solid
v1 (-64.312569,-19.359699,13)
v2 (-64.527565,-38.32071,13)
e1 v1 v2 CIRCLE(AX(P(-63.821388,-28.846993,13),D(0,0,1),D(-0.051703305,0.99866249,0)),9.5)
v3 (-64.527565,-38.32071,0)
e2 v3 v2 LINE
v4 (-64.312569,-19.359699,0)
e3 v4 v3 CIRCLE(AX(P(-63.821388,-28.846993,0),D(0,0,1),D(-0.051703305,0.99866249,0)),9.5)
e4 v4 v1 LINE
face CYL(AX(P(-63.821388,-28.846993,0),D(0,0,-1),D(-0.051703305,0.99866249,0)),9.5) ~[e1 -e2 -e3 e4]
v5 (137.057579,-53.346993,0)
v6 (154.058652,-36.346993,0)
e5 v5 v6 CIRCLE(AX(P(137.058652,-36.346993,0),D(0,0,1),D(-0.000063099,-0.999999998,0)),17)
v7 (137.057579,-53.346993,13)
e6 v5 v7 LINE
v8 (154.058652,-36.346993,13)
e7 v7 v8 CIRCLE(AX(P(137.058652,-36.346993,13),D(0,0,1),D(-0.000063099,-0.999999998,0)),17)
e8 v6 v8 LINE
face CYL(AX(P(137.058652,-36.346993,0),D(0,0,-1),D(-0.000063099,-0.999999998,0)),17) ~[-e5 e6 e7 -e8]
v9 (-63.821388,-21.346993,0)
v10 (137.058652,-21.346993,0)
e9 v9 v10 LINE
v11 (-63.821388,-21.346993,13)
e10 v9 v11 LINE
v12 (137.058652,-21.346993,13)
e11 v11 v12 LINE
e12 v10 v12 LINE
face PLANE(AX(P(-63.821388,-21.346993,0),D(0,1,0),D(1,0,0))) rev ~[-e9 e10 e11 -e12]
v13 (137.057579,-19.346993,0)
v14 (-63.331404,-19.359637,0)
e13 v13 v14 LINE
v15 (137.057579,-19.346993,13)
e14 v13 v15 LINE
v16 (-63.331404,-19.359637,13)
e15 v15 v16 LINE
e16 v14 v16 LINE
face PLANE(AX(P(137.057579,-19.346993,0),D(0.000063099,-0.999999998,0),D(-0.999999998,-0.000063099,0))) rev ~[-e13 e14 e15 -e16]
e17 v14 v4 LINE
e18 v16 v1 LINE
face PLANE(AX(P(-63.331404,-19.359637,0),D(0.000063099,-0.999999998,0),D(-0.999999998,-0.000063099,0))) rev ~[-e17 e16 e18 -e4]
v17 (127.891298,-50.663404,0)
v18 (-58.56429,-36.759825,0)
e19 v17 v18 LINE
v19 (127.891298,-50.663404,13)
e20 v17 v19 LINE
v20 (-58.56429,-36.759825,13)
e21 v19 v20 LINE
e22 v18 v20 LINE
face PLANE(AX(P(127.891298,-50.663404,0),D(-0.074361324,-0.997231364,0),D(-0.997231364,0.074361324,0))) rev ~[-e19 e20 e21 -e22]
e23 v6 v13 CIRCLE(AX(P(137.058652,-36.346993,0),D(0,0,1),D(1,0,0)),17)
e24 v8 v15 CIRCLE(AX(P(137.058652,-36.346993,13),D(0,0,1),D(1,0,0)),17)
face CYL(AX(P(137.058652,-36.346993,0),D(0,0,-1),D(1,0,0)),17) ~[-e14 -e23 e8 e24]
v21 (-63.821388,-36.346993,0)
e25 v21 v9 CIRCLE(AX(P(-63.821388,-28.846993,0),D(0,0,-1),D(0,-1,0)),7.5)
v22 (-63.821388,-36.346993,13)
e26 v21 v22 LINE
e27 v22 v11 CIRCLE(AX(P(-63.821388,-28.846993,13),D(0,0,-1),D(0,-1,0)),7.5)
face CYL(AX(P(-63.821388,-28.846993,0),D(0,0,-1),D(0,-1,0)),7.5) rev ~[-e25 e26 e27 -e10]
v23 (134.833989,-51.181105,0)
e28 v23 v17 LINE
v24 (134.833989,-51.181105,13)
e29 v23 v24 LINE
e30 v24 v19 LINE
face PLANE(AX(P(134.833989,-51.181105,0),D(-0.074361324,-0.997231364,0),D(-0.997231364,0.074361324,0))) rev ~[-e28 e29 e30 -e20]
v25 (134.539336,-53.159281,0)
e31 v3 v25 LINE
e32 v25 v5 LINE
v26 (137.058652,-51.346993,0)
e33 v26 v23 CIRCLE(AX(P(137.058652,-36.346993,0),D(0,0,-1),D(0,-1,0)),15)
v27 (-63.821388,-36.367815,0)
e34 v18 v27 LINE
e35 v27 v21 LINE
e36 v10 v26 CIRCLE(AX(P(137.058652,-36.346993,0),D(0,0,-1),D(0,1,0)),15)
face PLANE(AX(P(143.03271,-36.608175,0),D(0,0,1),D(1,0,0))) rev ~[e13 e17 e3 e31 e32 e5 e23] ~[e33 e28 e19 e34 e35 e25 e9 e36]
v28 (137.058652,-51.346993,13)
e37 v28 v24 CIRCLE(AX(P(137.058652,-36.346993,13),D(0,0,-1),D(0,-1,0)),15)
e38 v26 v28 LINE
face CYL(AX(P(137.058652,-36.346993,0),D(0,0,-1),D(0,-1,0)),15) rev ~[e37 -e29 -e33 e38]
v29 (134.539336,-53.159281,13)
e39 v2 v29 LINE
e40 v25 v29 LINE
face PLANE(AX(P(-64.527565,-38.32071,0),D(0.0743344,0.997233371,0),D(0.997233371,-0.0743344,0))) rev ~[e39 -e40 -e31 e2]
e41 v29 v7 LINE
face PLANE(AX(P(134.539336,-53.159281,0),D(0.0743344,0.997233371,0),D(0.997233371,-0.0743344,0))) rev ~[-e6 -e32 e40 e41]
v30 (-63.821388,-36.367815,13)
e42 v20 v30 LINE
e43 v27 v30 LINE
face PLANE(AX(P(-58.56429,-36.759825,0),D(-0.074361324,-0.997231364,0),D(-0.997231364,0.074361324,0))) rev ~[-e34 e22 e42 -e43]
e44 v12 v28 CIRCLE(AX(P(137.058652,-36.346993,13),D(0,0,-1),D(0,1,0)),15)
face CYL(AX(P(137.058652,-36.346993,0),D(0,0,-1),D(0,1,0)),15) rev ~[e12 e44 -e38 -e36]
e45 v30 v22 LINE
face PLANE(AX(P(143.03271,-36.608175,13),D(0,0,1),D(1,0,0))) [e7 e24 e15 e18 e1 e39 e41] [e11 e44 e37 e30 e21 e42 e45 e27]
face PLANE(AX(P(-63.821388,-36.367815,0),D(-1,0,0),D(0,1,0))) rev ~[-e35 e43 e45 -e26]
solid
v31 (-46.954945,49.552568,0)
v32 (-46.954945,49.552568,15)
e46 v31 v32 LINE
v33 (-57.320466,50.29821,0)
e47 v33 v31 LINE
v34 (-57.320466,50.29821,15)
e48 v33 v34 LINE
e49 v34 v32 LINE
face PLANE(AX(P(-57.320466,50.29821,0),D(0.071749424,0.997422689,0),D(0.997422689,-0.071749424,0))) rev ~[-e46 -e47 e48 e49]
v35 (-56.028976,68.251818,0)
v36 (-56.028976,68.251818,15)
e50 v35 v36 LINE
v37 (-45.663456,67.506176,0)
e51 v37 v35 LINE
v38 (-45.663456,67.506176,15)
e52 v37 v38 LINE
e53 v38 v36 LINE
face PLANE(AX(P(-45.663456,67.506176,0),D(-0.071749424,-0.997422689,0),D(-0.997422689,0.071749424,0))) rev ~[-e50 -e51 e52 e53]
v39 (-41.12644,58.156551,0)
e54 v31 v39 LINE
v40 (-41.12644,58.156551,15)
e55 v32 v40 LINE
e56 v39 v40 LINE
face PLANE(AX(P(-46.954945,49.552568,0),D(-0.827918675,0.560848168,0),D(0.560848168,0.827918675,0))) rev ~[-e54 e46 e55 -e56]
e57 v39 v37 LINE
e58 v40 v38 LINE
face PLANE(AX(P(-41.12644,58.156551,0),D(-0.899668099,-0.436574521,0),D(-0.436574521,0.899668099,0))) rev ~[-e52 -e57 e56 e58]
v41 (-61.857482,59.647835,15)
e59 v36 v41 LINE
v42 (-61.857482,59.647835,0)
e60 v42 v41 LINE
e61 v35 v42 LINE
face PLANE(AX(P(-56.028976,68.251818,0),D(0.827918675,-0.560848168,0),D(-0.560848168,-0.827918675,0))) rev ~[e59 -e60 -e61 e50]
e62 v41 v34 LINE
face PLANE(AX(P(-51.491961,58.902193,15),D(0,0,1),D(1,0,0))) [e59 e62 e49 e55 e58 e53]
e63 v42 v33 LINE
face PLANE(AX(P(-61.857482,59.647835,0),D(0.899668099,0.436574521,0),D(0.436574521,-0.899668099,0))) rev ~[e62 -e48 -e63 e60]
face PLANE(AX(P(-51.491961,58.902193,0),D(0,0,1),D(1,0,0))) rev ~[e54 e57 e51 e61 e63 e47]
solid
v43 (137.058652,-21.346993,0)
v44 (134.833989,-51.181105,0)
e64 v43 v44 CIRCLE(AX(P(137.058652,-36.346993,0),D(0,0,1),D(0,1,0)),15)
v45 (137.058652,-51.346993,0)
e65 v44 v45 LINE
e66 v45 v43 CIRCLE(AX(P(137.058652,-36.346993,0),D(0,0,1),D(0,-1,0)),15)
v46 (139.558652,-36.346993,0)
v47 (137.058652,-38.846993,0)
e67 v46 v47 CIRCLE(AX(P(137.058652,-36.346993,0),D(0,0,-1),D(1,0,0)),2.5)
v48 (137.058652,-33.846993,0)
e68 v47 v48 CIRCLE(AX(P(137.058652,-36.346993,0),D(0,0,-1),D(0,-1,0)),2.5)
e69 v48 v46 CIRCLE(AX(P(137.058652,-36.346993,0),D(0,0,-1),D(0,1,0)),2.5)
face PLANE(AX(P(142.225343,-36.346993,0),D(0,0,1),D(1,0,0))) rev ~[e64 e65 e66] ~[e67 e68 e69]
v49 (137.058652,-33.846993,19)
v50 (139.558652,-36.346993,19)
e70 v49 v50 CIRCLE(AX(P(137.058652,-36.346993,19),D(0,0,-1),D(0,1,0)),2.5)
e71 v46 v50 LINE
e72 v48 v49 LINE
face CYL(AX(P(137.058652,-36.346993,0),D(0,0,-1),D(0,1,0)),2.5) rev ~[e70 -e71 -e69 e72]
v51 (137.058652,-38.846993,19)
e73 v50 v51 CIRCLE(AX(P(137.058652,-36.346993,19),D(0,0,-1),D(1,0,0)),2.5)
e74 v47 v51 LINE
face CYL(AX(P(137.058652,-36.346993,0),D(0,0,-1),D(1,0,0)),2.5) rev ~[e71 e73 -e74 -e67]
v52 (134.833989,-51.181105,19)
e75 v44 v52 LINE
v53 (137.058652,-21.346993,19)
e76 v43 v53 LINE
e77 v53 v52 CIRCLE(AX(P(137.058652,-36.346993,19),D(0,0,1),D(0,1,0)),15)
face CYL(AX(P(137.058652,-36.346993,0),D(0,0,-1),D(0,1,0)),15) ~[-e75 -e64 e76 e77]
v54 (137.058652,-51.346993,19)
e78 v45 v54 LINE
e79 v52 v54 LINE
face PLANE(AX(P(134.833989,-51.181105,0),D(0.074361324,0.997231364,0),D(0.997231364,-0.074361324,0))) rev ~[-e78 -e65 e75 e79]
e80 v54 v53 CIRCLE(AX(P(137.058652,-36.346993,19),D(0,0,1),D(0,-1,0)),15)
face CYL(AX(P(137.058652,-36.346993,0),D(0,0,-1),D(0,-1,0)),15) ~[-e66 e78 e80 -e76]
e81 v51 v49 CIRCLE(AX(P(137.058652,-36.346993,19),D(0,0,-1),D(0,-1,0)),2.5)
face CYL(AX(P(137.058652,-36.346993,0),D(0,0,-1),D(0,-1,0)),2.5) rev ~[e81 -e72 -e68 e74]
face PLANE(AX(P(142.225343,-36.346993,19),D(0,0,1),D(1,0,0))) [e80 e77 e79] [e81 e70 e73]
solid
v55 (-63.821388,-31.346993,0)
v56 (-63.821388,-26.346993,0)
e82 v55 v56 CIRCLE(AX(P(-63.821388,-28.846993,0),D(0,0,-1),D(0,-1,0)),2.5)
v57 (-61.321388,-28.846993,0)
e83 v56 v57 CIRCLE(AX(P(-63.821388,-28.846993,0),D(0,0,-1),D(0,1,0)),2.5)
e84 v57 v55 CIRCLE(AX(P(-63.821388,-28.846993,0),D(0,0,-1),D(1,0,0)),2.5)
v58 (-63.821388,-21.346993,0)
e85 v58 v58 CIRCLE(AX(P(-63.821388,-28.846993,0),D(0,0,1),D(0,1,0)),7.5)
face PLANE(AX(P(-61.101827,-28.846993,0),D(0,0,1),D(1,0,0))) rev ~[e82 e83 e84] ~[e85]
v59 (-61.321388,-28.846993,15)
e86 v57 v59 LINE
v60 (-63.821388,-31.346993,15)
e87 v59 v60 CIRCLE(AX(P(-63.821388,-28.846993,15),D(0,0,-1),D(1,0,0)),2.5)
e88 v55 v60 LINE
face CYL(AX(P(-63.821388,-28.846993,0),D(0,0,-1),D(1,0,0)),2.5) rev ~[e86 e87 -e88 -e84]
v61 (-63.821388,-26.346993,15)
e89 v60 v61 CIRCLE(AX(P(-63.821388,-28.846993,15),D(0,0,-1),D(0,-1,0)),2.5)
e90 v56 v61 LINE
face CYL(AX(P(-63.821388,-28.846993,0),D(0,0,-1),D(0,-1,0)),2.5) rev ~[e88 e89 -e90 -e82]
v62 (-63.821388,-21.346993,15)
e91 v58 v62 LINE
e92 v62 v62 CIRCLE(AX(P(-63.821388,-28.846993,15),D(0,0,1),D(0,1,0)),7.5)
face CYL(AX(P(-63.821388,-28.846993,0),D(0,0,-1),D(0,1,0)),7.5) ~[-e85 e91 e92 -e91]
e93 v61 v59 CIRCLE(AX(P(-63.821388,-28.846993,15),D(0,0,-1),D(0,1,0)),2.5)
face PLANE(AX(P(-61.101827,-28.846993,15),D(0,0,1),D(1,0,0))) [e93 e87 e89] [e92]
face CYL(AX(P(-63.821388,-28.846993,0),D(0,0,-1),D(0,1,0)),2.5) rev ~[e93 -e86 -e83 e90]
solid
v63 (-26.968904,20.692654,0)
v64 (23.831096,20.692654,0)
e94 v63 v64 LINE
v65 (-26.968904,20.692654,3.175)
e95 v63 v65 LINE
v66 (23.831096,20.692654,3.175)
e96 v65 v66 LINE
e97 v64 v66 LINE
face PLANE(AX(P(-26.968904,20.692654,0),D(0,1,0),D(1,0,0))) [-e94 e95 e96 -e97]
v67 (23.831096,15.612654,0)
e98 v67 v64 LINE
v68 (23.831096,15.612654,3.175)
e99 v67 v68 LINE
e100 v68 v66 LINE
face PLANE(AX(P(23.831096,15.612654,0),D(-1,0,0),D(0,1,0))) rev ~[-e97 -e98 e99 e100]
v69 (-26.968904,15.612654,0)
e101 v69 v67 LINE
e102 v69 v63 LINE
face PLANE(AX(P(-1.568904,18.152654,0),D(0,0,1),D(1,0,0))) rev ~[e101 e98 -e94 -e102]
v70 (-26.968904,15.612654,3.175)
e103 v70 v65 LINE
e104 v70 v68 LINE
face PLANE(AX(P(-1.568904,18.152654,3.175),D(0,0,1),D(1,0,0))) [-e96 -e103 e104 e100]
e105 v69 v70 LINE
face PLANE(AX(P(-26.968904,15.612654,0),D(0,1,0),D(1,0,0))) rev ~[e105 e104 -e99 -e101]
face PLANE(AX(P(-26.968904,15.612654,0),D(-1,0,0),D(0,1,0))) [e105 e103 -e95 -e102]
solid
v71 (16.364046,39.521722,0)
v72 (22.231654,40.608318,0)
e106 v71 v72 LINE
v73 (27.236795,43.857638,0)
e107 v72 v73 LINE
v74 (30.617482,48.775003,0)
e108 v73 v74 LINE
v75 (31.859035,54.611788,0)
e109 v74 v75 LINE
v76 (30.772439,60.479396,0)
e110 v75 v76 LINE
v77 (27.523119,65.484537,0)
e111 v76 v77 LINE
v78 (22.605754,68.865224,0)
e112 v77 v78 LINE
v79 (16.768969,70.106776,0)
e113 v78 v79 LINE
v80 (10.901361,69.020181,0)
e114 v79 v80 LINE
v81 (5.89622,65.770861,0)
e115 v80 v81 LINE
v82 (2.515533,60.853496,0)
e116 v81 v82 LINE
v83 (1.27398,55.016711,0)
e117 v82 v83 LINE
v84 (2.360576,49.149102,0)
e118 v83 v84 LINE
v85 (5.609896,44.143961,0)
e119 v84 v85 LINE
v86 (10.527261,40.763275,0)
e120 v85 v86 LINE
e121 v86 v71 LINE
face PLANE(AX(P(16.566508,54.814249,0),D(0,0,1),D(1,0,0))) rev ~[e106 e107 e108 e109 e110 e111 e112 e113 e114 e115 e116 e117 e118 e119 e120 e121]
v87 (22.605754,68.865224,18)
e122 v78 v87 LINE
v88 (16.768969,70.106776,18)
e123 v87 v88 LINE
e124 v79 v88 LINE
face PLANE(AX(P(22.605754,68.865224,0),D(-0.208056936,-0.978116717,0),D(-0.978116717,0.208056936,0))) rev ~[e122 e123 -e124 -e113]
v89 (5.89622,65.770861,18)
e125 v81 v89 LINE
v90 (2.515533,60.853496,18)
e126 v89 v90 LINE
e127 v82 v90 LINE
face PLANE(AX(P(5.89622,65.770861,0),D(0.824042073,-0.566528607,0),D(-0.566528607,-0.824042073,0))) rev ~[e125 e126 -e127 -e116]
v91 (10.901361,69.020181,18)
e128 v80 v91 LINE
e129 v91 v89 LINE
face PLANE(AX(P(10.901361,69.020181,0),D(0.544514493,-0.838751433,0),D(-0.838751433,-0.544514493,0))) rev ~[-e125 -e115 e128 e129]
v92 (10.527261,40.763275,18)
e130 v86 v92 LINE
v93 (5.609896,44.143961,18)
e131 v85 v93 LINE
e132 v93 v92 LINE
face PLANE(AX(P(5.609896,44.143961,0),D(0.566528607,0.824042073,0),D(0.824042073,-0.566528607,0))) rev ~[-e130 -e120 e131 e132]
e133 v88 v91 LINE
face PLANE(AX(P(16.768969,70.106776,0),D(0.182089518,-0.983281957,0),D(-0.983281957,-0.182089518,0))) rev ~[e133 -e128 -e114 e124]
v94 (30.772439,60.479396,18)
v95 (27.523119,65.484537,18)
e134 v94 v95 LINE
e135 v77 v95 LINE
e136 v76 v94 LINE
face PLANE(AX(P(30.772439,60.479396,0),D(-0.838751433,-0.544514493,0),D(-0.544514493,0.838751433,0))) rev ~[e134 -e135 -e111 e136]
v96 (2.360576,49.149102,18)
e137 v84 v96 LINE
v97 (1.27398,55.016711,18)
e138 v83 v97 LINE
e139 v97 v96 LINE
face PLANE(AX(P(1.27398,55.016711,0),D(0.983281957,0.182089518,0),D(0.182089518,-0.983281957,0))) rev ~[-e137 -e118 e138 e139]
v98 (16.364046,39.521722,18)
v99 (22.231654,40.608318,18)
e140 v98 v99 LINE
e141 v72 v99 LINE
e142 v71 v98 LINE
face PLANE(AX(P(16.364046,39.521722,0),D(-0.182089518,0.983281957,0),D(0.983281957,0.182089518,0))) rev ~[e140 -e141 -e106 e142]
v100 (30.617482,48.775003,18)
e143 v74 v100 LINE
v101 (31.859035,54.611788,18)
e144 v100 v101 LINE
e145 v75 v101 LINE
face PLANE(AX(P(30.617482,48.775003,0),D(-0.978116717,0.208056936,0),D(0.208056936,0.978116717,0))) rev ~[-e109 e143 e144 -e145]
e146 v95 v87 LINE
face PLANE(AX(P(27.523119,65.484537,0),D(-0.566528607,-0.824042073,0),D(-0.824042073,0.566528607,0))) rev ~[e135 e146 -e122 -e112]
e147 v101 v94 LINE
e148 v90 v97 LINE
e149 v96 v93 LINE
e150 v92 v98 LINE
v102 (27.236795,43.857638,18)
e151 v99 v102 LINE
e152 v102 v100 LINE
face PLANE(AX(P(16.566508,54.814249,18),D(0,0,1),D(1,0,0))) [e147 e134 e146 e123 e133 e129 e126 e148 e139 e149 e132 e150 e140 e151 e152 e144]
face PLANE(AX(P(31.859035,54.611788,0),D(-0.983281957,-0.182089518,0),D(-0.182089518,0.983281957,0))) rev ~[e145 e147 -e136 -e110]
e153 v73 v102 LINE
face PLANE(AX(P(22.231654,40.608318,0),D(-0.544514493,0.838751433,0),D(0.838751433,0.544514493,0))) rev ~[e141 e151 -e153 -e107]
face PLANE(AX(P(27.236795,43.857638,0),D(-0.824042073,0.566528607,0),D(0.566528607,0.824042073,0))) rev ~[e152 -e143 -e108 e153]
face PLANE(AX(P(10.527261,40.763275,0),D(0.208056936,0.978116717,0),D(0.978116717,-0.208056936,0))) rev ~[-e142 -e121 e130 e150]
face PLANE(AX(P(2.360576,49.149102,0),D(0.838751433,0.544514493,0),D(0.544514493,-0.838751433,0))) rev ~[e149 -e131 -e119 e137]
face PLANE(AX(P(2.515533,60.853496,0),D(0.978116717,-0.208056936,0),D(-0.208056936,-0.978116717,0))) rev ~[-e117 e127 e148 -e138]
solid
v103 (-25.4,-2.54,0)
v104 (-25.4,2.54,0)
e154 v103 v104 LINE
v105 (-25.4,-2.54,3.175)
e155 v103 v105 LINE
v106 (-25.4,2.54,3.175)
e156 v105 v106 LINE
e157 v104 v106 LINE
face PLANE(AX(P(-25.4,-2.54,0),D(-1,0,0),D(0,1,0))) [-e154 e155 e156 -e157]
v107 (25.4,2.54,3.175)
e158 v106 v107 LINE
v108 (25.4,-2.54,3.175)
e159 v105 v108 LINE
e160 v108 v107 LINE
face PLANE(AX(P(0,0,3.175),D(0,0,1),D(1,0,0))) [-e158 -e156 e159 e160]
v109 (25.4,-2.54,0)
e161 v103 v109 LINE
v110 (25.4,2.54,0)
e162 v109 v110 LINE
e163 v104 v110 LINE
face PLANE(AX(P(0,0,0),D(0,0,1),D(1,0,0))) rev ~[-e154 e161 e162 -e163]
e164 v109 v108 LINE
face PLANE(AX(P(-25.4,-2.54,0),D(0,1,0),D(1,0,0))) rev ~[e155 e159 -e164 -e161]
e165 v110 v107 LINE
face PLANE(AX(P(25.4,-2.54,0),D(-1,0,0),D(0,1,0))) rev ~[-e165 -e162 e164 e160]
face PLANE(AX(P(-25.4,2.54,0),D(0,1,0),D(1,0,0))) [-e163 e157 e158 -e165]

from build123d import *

# Parameters (mm, degrees)
F0_W     = 50.8
F0_H     = 5.08
F1_DEPTH = 3.175
F3_DEPTH = 15
F4_DEPTH = 19
F5_DEPTH = 13
F7_DEPTH = 15
F8_DEPTH = 18


with BuildPart() as f1:
    # F0 (on Top) → F1 (new body)
    with BuildSketch(Plane.XY):
        Rectangle(F0_W, F0_H)
    extrude(amount=F1_DEPTH)


with BuildPart() as f1b:
    # F0 (on Top) → F1, piece 2 (new body)
    with BuildSketch(Plane.XY):
        with Locations((-1.5689044958, 18.152654171)):
            Rectangle(F0_W, F0_H)
    extrude(amount=F1_DEPTH)


with BuildPart() as f3:
    # F2 (on Top) → F3 (new body)
    with BuildSketch(Plane.XY):
        with BuildLine():
            ThreePointArc((-63.8213878035, -36.3469927565), (-58.5180869446, -34.1502936154), (-56.3213878035, -28.8469927565))
            ThreePointArc((-56.3213878035, -28.8469927565), (-58.5180869446, -23.5436918976), (-63.8213878035, -21.3469927565))
            Line((-63.8213878035, -21.3469927565), (-63.8213878035, -26.3469927565))
            ThreePointArc((-63.8213878035, -26.3469927565), (-62.0536208505, -27.0792258036), (-61.3213878035, -28.8469927565))
            ThreePointArc((-61.3213878035, -28.8469927565), (-62.0536208505, -30.6147597095), (-63.8213878035, -31.3469927565))
            Line((-63.8213878035, -31.3469927565), (-63.8213878035, -36.3469927565))
        make_face()
        with BuildLine():
            Line((-63.8213878035, -26.3469927565), (-63.8213878035, -21.3469927565))
            ThreePointArc((-63.8213878035, -21.3469927565), (-71.3213878035, -28.8469927565), (-63.8213878035, -36.3469927565))
            Line((-63.8213878035, -36.3469927565), (-63.8213878035, -31.3469927565))
            ThreePointArc((-63.8213878035, -31.3469927565), (-66.3213878035, -28.8469927565), (-63.8213878035, -26.3469927565))
        make_face()
    extrude(amount=F3_DEPTH)


with BuildPart() as f4:
    # F2 (on Top) → F4 (new body)
    with BuildSketch(Plane.XY):
        with BuildLine():
            ThreePointArc((152.0586520213, -36.3469927565), (147.6652537391, -25.7403910387), (137.0586520213, -21.3469927565))
            Line((137.0586520213, -21.3469927565), (137.0586520213, -33.8469927565))
            ThreePointArc((137.0586520213, -33.8469927565), (138.8264189743, -34.5792258036), (139.5586520213, -36.3469927565))
            ThreePointArc((139.5586520213, -36.3469927565), (138.8264189743, -38.1147597095), (137.0586520213, -38.8469927565))
            Line((137.0586520213, -38.8469927565), (137.0586520213, -51.3469927565))
            ThreePointArc((137.0586520213, -51.3469927565), (147.6652537391, -46.9535944743), (152.0586520213, -36.3469927565))
        make_face()
        with BuildLine():
            Line((137.0586520213, -33.8469927565), (137.0586520213, -21.3469927565))
            ThreePointArc((137.0586520213, -21.3469927565), (122.10018156, -35.2315728991), (134.8339886894, -51.1811045621))
            Line((134.8339886894, -51.1811045621), (137.0586520213, -51.3469927565))
            Line((137.0586520213, -51.3469927565), (137.0586520213, -38.8469927565))
            ThreePointArc((137.0586520213, -38.8469927565), (134.5586520213, -36.3469927565), (137.0586520213, -33.8469927565))
        make_face()
    extrude(amount=F4_DEPTH)


with BuildPart() as f5:
    # F2 (on Top) → F5 (new body)
    with BuildSketch(Plane.XY):
        with BuildLine():
            ThreePointArc((137.0575793333, -19.3469927904), (132.9350260676, -19.8547003448), (129.0586520213, -21.3469927565))
            Line((129.0586520213, -21.3469927565), (137.0586520213, -21.3469927565))
            ThreePointArc((137.0586520213, -21.3469927565), (147.6652537391, -25.7403910387), (152.0586520213, -36.3469927565))
            ThreePointArc((152.0586520213, -36.3469927565), (147.6652537391, -46.9535944743), (137.0586520213, -51.3469927565))
            ThreePointArc((137.0586520213, -51.3469927565), (135.9432321639, -51.3054632178), (134.8339886894, -51.1811045621))
            Line((134.8339886894, -51.1811045621), (127.8912978898, -50.6634035577))
            ThreePointArc((127.8912978898, -50.6634035577), (131.0835437493, -52.2623338191), (134.5393355413, -53.1592812526))
            Line((134.5393355413, -53.1592812526), (137.0575793333, -53.3469927227))
            ThreePointArc((137.0575793333, -53.3469927227), (149.079088043, -48.3681872832), (154.0586520213, -36.3469927565))
            ThreePointArc((154.0586520213, -36.3469927565), (149.079088043, -24.3257982299), (137.0575793333, -19.3469927904))
        make_face()
        with BuildLine():
            ThreePointArc((-63.3314036954, -19.3596371938), (-60.5083901395, -19.9433953668), (-57.9904359086, -21.3469927565))
            Line((-57.9904359086, -21.3469927565), (129.0586520213, -21.3469927565))
            ThreePointArc((129.0586520213, -21.3469927565), (132.9350260676, -19.8547003448), (137.0575793333, -19.3469927904))
            Line((137.0575793333, -19.3469927904), (-63.3314036954, -19.3596371938))
        make_face()
        with BuildLine():
            Line((127.8912978898, -50.6634035577), (-58.5642896201, -36.7598252893))
            ThreePointArc((-58.5642896201, -36.7598252893), (-61.4158085689, -38.0373784147), (-64.5275646067, -38.3207097843))
            Line((-64.5275646067, -38.3207097843), (134.5393355413, -53.1592812526))
            ThreePointArc((134.5393355413, -53.1592812526), (131.0835437493, -52.2623338191), (127.8912978898, -50.6634035577))
        make_face()
        with BuildLine():
            ThreePointArc((-63.8213878035, -36.3469927565), (-71.3213878035, -28.8469927565), (-63.8213878035, -21.3469927565))
            Line((-63.8213878035, -21.3469927565), (-57.9904359086, -21.3469927565))
            ThreePointArc((-57.9904359086, -21.3469927565), (-60.5083901395, -19.9433953668), (-63.3314036954, -19.3596371938))
            Line((-63.3314036954, -19.3596371938), (-64.3125691985, -19.3596991047))
            ThreePointArc((-64.3125691985, -19.3596991047), (-73.3207771608, -28.73928093), (-64.5275646067, -38.3207097843))
            ThreePointArc((-64.5275646067, -38.3207097843), (-61.4158085689, -38.0373784147), (-58.5642896201, -36.7598252893))
            Line((-58.5642896201, -36.7598252893), (-63.8213878035, -36.3678151756))
            Line((-63.8213878035, -36.3678151756), (-63.8213878035, -36.3469927565))
        make_face()
    extrude(amount=F5_DEPTH)


with BuildPart() as f7:
    # F6 (on Top) → F7 (new body)
    with BuildSketch(Plane.XY):
        Polygon((-46.9549453783, 49.5525677181), (-41.1264402413, 58.156550974), (-45.6634557461, 67.5061761167), (-56.028976388, 68.2518180035), (-61.857481525, 59.6478347477), (-57.3204660202, 50.298209605), align=None)
    extrude(amount=F7_DEPTH)


with BuildPart() as f8:
    # F6 (on Top) → F8 (new body)
    with BuildSketch(Plane.XY):
        Polygon((27.2367954121, 43.8576377804), (30.617481804, 48.7750025651), (31.8590347334, 54.6117879159), (30.7724390213, 60.4793961735), (27.523119015, 65.4845371709), (22.6057542303, 68.8652235629), (16.7689688795, 70.1067764922), (10.9013606219, 69.0201807801), (5.8962196245, 65.7708607738), (2.5155332325, 60.8534959891), (1.2739803032, 55.0167106384), (2.3605760153, 49.1491023807), (5.6098960216, 44.1439613833), (10.5272608063, 40.7632749914), (16.364046157, 39.521722062), (22.2316544147, 40.6083177741), align=None)
    extrude(amount=F8_DEPTH)


solid = Compound([f1.part, f1b.part, f3.part, f4.part, f5.part, f7.part, f8.part])
